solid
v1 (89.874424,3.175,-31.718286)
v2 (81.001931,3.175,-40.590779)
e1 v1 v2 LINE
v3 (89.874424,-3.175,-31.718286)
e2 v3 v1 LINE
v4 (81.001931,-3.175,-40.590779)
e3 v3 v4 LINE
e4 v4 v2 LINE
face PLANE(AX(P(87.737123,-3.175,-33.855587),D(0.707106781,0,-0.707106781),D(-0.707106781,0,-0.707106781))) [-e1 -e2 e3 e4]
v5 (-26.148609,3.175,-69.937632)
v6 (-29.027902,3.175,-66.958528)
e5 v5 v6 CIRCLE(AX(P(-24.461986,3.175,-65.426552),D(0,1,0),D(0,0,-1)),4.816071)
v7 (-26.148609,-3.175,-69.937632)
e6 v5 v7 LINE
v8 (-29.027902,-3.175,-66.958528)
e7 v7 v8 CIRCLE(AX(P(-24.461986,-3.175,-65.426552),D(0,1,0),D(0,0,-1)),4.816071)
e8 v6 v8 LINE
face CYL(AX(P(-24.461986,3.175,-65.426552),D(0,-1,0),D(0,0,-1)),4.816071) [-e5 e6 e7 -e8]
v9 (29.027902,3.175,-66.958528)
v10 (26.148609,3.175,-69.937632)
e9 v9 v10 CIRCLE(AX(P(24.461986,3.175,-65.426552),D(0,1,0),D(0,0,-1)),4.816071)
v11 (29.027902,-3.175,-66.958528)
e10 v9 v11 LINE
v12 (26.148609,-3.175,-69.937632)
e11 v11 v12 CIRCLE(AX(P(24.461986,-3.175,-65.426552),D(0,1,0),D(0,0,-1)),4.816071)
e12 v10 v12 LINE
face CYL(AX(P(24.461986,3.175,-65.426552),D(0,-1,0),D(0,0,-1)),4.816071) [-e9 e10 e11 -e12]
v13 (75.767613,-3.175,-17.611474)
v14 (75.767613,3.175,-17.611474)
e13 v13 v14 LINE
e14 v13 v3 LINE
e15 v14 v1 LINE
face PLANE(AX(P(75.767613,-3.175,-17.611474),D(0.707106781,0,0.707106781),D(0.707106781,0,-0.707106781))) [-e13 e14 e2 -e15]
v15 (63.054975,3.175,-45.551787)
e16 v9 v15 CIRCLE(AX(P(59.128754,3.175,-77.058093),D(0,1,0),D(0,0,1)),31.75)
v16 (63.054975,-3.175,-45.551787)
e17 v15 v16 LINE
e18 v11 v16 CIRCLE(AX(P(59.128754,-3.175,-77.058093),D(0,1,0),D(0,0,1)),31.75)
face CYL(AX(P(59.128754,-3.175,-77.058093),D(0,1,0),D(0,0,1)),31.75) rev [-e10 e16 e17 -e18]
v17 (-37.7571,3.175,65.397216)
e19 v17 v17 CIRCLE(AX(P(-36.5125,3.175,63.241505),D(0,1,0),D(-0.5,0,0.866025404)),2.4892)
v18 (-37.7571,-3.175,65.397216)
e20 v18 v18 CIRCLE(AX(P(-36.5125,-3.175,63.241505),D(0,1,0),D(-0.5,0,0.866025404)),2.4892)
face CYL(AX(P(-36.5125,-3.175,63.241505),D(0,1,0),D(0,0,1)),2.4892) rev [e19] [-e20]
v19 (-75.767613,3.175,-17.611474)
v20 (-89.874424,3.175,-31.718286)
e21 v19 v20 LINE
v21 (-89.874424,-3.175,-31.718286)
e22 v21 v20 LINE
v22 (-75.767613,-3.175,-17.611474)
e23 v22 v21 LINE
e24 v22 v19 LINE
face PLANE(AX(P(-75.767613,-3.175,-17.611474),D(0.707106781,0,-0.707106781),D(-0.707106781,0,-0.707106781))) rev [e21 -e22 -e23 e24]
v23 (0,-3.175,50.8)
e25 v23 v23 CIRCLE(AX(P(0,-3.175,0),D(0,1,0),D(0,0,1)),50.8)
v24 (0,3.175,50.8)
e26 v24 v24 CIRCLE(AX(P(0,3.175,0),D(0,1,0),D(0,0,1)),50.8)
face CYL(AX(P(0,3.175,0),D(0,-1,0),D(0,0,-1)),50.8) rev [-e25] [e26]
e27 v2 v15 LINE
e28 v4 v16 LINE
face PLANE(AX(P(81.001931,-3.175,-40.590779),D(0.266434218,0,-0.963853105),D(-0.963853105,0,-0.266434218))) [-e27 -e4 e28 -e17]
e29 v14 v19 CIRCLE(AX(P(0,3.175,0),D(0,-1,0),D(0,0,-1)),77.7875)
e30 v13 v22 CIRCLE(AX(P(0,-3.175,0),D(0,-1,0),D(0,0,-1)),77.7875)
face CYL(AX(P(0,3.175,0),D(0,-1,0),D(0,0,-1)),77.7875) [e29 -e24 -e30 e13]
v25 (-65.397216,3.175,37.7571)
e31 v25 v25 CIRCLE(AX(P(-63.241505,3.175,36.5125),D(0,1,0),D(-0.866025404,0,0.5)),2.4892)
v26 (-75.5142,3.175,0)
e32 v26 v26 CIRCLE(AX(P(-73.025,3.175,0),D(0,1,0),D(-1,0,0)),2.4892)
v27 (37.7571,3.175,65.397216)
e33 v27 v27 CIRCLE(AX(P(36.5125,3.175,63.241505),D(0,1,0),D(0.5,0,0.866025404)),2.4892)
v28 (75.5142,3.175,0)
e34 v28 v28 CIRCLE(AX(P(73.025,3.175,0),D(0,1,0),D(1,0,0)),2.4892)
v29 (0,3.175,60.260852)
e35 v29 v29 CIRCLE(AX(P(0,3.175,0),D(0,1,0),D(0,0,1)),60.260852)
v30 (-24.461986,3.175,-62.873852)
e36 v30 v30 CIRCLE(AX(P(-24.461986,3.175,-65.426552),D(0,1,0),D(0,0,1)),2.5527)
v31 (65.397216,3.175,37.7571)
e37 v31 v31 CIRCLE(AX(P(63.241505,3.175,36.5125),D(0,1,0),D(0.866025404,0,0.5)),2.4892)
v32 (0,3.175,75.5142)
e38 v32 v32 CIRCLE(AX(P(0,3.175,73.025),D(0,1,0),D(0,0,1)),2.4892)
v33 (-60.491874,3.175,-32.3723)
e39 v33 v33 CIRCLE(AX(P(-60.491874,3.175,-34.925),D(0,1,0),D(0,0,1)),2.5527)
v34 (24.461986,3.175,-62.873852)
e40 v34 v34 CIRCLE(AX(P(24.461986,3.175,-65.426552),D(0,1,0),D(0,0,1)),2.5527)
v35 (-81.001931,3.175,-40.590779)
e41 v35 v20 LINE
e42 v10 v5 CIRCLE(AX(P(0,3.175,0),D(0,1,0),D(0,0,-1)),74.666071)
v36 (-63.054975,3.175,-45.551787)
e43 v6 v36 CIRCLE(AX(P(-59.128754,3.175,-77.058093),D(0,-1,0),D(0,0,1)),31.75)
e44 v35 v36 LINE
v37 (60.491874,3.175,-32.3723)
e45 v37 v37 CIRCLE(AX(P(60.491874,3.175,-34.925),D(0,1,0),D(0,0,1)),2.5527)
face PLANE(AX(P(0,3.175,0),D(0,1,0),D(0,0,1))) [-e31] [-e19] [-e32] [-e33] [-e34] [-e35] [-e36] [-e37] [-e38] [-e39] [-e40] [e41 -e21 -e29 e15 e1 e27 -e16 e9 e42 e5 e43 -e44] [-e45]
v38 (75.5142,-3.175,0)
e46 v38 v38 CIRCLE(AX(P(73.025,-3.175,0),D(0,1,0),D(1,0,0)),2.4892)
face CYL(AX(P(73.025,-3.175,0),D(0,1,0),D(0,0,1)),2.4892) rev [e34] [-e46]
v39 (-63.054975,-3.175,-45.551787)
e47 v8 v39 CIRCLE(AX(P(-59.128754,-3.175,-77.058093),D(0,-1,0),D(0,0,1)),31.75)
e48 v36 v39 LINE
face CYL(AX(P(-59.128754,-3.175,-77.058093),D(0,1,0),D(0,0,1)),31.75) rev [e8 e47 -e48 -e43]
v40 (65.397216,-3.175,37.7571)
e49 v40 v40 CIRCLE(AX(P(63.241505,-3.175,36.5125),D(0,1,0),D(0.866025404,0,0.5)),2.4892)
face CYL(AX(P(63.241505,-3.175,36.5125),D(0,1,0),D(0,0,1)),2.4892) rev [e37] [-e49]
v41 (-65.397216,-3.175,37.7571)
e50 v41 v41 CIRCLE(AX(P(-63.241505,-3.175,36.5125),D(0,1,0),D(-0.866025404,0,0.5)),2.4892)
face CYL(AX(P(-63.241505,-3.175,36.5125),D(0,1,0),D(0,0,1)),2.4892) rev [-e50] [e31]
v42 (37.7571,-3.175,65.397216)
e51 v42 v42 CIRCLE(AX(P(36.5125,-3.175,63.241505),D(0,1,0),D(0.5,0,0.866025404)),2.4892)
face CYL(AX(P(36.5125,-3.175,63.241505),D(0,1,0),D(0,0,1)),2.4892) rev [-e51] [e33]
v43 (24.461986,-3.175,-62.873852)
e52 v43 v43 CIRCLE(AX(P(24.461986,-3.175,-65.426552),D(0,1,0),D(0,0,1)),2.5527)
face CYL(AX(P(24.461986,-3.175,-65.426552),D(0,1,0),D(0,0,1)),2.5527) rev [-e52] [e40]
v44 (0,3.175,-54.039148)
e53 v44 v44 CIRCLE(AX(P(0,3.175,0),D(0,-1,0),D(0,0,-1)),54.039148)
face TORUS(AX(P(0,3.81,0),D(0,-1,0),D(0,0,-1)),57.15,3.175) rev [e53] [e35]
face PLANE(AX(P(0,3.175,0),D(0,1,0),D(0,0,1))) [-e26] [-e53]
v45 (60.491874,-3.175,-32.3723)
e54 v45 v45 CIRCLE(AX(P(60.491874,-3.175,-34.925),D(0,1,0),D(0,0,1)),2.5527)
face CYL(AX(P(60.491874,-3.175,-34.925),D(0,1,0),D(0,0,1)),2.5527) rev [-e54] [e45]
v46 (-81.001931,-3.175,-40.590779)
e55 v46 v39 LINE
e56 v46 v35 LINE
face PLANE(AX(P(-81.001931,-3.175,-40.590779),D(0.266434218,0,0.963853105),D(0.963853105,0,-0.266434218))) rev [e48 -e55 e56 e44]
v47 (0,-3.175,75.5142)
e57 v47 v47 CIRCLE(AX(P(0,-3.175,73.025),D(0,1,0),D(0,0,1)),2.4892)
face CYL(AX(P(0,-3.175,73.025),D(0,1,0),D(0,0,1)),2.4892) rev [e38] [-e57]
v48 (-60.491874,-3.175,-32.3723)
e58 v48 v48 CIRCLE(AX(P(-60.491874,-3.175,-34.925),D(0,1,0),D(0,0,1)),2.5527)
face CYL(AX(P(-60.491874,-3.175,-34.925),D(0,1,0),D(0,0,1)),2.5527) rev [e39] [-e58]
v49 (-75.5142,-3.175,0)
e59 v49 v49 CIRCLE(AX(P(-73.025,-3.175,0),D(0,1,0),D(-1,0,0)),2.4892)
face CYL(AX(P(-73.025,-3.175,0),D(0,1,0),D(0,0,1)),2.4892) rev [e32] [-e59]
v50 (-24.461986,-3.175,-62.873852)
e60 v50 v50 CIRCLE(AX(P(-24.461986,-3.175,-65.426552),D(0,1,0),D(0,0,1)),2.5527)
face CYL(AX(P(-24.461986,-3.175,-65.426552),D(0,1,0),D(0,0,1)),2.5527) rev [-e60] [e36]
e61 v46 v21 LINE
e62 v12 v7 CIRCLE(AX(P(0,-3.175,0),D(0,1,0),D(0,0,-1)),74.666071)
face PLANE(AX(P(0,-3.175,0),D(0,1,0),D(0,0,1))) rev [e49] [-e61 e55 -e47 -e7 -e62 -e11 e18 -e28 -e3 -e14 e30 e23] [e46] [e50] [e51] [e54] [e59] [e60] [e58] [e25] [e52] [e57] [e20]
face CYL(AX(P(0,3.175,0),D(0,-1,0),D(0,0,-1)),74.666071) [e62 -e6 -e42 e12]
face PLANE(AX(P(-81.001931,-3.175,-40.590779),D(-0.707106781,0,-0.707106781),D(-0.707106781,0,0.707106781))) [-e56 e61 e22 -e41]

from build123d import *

# Parameters (mm, degrees)
SKETCH1_R           = 63.5
SKETCH1_R_2         = 50.8
BOSS_EXTRUDE1_DEPTH = 3.175
SKETCH2_R           = 3.175
SKETCH3_R           = 77.7875
SKETCH3_R_2         = 63.5
BOSS_EXTRUDE2_DEPTH = 6.35
SKETCH4_R           = 2.4892
CUT_EXTRUDE1_DEPTH  = 7.35
CIRPATTERN1_COUNT   = 12
BOSS_EXTRUDE3_DEPTH = 6.35
SKETCH6_R           = 31.75
CUT_EXTRUDE2_DEPTH  = 7.35
SKETCH7_R           = 2.5527
CUT_EXTRUDE3_DEPTH  = 7.35
BOSS_EXTRUDE4_DEPTH = 6.35
CUT_EXTRUDE4_DEPTH  = 7.35


with BuildPart() as part:
    # Sketch1 → Boss-Extrude1 (new body, symmetric)
    with BuildSketch(Plane(origin=(0, 0, 0), x_dir=(1, 0, 0), z_dir=(0, 1, 0))):
        Circle(SKETCH1_R)
        Circle(SKETCH1_R_2, mode=Mode.SUBTRACT)
    extrude(amount=BOSS_EXTRUDE1_DEPTH, both=True)

    # Sketch2 → Cut-Revolve1 (revolve, cut)
    with BuildSketch(Plane.XY):
        with Locations((57.15, 3.81)):
            Circle(SKETCH2_R)
    revolve(axis=Axis((0, 0, 0), (0, 1, 0)), mode=Mode.SUBTRACT)

    # Sketch3 → Boss-Extrude2 (add, through all)
    with BuildSketch(Plane.XZ.offset(3.175)):
        Circle(SKETCH3_R)
        Circle(SKETCH3_R_2, mode=Mode.SUBTRACT)
    extrude(amount=-BOSS_EXTRUDE2_DEPTH)

    # Sketch4 → Cut-Extrude1 (cut, through all)
    with BuildSketch(Plane(origin=(0, 3.175, 0), x_dir=(1, 0, 0), z_dir=(0, 1, 0))):
        with Locations((0, -73.025)):
            Circle(SKETCH4_R)
    cut_extrude1 = extrude(amount=-CUT_EXTRUDE1_DEPTH, mode=Mode.SUBTRACT)

    # CirPattern1: Cut-Extrude1 ×12 about axis, 5 skipped
    cirpattern1_axis = Axis((0, 0, 0), (0, 1, 0))
    add([cut_extrude1.rotate(cirpattern1_axis, i * 360 / CIRPATTERN1_COUNT) for i in range(1, CIRPATTERN1_COUNT) if i not in (4, 5, 6, 7, 8)], mode=Mode.SUBTRACT)

    # Sketch5 → Boss-Extrude3 (add, through all)
    with BuildSketch(Plane(origin=(0, 3.175, 0), x_dir=(1, 0, 0), z_dir=(0, 1, 0))):
        with BuildLine():
            Line((74.895357071, 21.013820344), (87.737123324, 33.855586598))
            Line((87.737123324, 33.855586598), (81.001931233, 40.590778688))
            Line((81.001931233, 40.590778688), (71.363979938, 30.952827393))
            ThreePointArc((71.363979938, 30.952827393), (73.298324543, 26.043248173), (74.895357071, 21.013820344))
        make_face()
        with BuildLine():
            Line((-71.363979938, 30.952827393), (-81.001931233, 40.590778688))
            Line((-81.001931233, 40.590778688), (-87.737123324, 33.855586598))
            Line((-87.737123324, 33.855586598), (-74.895357071, 21.013820344))
            ThreePointArc((-74.895357071, 21.013820344), (-73.298324543, 26.043248173), (-71.363979938, 30.952827393))
        make_face()
    extrude(amount=-BOSS_EXTRUDE3_DEPTH)

    # Sketch6 → Cut-Extrude2 (cut, through all)
    with BuildSketch(Plane(origin=(0, 3.175, 0), x_dir=(1, 0, 0), z_dir=(0, 1, 0))):
        with Locations((59.128754095, 77.058092601)):
            Circle(SKETCH6_R)
    cut_extrude2 = extrude(amount=-CUT_EXTRUDE2_DEPTH, mode=Mode.SUBTRACT)

    # Sketch7 → Cut-Extrude3 (cut, through all)
    with BuildSketch(Plane(origin=(0, 3.175, 0), x_dir=(1, 0, 0), z_dir=(0, 1, 0))):
        with Locations((-24.461985581, 65.426552419)):
            Circle(SKETCH7_R)
        with Locations((-60.491874454, 34.925)):
            Circle(SKETCH7_R)
        with Locations((24.461985581, 65.426552419)):
            Circle(SKETCH7_R)
        with Locations((60.491874454, 34.925)):
            Circle(SKETCH7_R)
    extrude(amount=-CUT_EXTRUDE3_DEPTH, mode=Mode.SUBTRACT)

    # Sketch9 → Boss-Extrude4 (add, through all)
    with BuildSketch(Plane(origin=(0, 3.175, 0), x_dir=(1, 0, 0), z_dir=(0, 1, 0))):
        Polygon((75.767612718, 17.611474078), (73.630311762, 19.748775035), (87.737123324, 33.855586598), (89.874424281, 31.718285641), align=None)
        Polygon((81.001931233, 40.590778688), (63.054974858, 45.551787033), (71.363979938, 30.952827393), align=None)
    boss_extrude4 = extrude(amount=-BOSS_EXTRUDE4_DEPTH)

    # Mirror1: Cut-Extrude2, Boss-Extrude4 across plane
    add(cut_extrude2.mirror(Plane(origin=(0, 0, 0), x_dir=(0, 0, 1), z_dir=(1, 0, 0))), mode=Mode.SUBTRACT)
    add(boss_extrude4.mirror(Plane(origin=(0, 0, 0), x_dir=(0, 0, 1), z_dir=(1, 0, 0))))

    # Sketch8 → Cut-Extrude4 (cut, through all)
    with BuildSketch(Plane.XZ.offset(3.175)):
        with BuildLine():
            ThreePointArc((-29.027902052, -66.958527944), (-27.924980023, -68.773522948), (-26.148609279, -69.937632415))
            ThreePointArc((-26.148609279, -69.937632415), (0, -74.666071244), (26.148609279, -69.937632415))
            ThreePointArc((26.148609279, -69.937632415), (27.924980023, -68.773522948), (29.027902052, -66.958527944))
            ThreePointArc((29.027902052, -66.958527944), (28.220438074, -69.795964761), (27.679819148, -72.696098714))
            ThreePointArc((27.679819148, -72.696098714), (0, -77.7875), (-27.679819148, -72.696098714))
            ThreePointArc((-27.679819148, -72.696098714), (-28.220438074, -69.795964761), (-29.027902052, -66.958527944))
        make_face()
    extrude(amount=-CUT_EXTRUDE4_DEPTH, mode=Mode.SUBTRACT)


solid = part.part
